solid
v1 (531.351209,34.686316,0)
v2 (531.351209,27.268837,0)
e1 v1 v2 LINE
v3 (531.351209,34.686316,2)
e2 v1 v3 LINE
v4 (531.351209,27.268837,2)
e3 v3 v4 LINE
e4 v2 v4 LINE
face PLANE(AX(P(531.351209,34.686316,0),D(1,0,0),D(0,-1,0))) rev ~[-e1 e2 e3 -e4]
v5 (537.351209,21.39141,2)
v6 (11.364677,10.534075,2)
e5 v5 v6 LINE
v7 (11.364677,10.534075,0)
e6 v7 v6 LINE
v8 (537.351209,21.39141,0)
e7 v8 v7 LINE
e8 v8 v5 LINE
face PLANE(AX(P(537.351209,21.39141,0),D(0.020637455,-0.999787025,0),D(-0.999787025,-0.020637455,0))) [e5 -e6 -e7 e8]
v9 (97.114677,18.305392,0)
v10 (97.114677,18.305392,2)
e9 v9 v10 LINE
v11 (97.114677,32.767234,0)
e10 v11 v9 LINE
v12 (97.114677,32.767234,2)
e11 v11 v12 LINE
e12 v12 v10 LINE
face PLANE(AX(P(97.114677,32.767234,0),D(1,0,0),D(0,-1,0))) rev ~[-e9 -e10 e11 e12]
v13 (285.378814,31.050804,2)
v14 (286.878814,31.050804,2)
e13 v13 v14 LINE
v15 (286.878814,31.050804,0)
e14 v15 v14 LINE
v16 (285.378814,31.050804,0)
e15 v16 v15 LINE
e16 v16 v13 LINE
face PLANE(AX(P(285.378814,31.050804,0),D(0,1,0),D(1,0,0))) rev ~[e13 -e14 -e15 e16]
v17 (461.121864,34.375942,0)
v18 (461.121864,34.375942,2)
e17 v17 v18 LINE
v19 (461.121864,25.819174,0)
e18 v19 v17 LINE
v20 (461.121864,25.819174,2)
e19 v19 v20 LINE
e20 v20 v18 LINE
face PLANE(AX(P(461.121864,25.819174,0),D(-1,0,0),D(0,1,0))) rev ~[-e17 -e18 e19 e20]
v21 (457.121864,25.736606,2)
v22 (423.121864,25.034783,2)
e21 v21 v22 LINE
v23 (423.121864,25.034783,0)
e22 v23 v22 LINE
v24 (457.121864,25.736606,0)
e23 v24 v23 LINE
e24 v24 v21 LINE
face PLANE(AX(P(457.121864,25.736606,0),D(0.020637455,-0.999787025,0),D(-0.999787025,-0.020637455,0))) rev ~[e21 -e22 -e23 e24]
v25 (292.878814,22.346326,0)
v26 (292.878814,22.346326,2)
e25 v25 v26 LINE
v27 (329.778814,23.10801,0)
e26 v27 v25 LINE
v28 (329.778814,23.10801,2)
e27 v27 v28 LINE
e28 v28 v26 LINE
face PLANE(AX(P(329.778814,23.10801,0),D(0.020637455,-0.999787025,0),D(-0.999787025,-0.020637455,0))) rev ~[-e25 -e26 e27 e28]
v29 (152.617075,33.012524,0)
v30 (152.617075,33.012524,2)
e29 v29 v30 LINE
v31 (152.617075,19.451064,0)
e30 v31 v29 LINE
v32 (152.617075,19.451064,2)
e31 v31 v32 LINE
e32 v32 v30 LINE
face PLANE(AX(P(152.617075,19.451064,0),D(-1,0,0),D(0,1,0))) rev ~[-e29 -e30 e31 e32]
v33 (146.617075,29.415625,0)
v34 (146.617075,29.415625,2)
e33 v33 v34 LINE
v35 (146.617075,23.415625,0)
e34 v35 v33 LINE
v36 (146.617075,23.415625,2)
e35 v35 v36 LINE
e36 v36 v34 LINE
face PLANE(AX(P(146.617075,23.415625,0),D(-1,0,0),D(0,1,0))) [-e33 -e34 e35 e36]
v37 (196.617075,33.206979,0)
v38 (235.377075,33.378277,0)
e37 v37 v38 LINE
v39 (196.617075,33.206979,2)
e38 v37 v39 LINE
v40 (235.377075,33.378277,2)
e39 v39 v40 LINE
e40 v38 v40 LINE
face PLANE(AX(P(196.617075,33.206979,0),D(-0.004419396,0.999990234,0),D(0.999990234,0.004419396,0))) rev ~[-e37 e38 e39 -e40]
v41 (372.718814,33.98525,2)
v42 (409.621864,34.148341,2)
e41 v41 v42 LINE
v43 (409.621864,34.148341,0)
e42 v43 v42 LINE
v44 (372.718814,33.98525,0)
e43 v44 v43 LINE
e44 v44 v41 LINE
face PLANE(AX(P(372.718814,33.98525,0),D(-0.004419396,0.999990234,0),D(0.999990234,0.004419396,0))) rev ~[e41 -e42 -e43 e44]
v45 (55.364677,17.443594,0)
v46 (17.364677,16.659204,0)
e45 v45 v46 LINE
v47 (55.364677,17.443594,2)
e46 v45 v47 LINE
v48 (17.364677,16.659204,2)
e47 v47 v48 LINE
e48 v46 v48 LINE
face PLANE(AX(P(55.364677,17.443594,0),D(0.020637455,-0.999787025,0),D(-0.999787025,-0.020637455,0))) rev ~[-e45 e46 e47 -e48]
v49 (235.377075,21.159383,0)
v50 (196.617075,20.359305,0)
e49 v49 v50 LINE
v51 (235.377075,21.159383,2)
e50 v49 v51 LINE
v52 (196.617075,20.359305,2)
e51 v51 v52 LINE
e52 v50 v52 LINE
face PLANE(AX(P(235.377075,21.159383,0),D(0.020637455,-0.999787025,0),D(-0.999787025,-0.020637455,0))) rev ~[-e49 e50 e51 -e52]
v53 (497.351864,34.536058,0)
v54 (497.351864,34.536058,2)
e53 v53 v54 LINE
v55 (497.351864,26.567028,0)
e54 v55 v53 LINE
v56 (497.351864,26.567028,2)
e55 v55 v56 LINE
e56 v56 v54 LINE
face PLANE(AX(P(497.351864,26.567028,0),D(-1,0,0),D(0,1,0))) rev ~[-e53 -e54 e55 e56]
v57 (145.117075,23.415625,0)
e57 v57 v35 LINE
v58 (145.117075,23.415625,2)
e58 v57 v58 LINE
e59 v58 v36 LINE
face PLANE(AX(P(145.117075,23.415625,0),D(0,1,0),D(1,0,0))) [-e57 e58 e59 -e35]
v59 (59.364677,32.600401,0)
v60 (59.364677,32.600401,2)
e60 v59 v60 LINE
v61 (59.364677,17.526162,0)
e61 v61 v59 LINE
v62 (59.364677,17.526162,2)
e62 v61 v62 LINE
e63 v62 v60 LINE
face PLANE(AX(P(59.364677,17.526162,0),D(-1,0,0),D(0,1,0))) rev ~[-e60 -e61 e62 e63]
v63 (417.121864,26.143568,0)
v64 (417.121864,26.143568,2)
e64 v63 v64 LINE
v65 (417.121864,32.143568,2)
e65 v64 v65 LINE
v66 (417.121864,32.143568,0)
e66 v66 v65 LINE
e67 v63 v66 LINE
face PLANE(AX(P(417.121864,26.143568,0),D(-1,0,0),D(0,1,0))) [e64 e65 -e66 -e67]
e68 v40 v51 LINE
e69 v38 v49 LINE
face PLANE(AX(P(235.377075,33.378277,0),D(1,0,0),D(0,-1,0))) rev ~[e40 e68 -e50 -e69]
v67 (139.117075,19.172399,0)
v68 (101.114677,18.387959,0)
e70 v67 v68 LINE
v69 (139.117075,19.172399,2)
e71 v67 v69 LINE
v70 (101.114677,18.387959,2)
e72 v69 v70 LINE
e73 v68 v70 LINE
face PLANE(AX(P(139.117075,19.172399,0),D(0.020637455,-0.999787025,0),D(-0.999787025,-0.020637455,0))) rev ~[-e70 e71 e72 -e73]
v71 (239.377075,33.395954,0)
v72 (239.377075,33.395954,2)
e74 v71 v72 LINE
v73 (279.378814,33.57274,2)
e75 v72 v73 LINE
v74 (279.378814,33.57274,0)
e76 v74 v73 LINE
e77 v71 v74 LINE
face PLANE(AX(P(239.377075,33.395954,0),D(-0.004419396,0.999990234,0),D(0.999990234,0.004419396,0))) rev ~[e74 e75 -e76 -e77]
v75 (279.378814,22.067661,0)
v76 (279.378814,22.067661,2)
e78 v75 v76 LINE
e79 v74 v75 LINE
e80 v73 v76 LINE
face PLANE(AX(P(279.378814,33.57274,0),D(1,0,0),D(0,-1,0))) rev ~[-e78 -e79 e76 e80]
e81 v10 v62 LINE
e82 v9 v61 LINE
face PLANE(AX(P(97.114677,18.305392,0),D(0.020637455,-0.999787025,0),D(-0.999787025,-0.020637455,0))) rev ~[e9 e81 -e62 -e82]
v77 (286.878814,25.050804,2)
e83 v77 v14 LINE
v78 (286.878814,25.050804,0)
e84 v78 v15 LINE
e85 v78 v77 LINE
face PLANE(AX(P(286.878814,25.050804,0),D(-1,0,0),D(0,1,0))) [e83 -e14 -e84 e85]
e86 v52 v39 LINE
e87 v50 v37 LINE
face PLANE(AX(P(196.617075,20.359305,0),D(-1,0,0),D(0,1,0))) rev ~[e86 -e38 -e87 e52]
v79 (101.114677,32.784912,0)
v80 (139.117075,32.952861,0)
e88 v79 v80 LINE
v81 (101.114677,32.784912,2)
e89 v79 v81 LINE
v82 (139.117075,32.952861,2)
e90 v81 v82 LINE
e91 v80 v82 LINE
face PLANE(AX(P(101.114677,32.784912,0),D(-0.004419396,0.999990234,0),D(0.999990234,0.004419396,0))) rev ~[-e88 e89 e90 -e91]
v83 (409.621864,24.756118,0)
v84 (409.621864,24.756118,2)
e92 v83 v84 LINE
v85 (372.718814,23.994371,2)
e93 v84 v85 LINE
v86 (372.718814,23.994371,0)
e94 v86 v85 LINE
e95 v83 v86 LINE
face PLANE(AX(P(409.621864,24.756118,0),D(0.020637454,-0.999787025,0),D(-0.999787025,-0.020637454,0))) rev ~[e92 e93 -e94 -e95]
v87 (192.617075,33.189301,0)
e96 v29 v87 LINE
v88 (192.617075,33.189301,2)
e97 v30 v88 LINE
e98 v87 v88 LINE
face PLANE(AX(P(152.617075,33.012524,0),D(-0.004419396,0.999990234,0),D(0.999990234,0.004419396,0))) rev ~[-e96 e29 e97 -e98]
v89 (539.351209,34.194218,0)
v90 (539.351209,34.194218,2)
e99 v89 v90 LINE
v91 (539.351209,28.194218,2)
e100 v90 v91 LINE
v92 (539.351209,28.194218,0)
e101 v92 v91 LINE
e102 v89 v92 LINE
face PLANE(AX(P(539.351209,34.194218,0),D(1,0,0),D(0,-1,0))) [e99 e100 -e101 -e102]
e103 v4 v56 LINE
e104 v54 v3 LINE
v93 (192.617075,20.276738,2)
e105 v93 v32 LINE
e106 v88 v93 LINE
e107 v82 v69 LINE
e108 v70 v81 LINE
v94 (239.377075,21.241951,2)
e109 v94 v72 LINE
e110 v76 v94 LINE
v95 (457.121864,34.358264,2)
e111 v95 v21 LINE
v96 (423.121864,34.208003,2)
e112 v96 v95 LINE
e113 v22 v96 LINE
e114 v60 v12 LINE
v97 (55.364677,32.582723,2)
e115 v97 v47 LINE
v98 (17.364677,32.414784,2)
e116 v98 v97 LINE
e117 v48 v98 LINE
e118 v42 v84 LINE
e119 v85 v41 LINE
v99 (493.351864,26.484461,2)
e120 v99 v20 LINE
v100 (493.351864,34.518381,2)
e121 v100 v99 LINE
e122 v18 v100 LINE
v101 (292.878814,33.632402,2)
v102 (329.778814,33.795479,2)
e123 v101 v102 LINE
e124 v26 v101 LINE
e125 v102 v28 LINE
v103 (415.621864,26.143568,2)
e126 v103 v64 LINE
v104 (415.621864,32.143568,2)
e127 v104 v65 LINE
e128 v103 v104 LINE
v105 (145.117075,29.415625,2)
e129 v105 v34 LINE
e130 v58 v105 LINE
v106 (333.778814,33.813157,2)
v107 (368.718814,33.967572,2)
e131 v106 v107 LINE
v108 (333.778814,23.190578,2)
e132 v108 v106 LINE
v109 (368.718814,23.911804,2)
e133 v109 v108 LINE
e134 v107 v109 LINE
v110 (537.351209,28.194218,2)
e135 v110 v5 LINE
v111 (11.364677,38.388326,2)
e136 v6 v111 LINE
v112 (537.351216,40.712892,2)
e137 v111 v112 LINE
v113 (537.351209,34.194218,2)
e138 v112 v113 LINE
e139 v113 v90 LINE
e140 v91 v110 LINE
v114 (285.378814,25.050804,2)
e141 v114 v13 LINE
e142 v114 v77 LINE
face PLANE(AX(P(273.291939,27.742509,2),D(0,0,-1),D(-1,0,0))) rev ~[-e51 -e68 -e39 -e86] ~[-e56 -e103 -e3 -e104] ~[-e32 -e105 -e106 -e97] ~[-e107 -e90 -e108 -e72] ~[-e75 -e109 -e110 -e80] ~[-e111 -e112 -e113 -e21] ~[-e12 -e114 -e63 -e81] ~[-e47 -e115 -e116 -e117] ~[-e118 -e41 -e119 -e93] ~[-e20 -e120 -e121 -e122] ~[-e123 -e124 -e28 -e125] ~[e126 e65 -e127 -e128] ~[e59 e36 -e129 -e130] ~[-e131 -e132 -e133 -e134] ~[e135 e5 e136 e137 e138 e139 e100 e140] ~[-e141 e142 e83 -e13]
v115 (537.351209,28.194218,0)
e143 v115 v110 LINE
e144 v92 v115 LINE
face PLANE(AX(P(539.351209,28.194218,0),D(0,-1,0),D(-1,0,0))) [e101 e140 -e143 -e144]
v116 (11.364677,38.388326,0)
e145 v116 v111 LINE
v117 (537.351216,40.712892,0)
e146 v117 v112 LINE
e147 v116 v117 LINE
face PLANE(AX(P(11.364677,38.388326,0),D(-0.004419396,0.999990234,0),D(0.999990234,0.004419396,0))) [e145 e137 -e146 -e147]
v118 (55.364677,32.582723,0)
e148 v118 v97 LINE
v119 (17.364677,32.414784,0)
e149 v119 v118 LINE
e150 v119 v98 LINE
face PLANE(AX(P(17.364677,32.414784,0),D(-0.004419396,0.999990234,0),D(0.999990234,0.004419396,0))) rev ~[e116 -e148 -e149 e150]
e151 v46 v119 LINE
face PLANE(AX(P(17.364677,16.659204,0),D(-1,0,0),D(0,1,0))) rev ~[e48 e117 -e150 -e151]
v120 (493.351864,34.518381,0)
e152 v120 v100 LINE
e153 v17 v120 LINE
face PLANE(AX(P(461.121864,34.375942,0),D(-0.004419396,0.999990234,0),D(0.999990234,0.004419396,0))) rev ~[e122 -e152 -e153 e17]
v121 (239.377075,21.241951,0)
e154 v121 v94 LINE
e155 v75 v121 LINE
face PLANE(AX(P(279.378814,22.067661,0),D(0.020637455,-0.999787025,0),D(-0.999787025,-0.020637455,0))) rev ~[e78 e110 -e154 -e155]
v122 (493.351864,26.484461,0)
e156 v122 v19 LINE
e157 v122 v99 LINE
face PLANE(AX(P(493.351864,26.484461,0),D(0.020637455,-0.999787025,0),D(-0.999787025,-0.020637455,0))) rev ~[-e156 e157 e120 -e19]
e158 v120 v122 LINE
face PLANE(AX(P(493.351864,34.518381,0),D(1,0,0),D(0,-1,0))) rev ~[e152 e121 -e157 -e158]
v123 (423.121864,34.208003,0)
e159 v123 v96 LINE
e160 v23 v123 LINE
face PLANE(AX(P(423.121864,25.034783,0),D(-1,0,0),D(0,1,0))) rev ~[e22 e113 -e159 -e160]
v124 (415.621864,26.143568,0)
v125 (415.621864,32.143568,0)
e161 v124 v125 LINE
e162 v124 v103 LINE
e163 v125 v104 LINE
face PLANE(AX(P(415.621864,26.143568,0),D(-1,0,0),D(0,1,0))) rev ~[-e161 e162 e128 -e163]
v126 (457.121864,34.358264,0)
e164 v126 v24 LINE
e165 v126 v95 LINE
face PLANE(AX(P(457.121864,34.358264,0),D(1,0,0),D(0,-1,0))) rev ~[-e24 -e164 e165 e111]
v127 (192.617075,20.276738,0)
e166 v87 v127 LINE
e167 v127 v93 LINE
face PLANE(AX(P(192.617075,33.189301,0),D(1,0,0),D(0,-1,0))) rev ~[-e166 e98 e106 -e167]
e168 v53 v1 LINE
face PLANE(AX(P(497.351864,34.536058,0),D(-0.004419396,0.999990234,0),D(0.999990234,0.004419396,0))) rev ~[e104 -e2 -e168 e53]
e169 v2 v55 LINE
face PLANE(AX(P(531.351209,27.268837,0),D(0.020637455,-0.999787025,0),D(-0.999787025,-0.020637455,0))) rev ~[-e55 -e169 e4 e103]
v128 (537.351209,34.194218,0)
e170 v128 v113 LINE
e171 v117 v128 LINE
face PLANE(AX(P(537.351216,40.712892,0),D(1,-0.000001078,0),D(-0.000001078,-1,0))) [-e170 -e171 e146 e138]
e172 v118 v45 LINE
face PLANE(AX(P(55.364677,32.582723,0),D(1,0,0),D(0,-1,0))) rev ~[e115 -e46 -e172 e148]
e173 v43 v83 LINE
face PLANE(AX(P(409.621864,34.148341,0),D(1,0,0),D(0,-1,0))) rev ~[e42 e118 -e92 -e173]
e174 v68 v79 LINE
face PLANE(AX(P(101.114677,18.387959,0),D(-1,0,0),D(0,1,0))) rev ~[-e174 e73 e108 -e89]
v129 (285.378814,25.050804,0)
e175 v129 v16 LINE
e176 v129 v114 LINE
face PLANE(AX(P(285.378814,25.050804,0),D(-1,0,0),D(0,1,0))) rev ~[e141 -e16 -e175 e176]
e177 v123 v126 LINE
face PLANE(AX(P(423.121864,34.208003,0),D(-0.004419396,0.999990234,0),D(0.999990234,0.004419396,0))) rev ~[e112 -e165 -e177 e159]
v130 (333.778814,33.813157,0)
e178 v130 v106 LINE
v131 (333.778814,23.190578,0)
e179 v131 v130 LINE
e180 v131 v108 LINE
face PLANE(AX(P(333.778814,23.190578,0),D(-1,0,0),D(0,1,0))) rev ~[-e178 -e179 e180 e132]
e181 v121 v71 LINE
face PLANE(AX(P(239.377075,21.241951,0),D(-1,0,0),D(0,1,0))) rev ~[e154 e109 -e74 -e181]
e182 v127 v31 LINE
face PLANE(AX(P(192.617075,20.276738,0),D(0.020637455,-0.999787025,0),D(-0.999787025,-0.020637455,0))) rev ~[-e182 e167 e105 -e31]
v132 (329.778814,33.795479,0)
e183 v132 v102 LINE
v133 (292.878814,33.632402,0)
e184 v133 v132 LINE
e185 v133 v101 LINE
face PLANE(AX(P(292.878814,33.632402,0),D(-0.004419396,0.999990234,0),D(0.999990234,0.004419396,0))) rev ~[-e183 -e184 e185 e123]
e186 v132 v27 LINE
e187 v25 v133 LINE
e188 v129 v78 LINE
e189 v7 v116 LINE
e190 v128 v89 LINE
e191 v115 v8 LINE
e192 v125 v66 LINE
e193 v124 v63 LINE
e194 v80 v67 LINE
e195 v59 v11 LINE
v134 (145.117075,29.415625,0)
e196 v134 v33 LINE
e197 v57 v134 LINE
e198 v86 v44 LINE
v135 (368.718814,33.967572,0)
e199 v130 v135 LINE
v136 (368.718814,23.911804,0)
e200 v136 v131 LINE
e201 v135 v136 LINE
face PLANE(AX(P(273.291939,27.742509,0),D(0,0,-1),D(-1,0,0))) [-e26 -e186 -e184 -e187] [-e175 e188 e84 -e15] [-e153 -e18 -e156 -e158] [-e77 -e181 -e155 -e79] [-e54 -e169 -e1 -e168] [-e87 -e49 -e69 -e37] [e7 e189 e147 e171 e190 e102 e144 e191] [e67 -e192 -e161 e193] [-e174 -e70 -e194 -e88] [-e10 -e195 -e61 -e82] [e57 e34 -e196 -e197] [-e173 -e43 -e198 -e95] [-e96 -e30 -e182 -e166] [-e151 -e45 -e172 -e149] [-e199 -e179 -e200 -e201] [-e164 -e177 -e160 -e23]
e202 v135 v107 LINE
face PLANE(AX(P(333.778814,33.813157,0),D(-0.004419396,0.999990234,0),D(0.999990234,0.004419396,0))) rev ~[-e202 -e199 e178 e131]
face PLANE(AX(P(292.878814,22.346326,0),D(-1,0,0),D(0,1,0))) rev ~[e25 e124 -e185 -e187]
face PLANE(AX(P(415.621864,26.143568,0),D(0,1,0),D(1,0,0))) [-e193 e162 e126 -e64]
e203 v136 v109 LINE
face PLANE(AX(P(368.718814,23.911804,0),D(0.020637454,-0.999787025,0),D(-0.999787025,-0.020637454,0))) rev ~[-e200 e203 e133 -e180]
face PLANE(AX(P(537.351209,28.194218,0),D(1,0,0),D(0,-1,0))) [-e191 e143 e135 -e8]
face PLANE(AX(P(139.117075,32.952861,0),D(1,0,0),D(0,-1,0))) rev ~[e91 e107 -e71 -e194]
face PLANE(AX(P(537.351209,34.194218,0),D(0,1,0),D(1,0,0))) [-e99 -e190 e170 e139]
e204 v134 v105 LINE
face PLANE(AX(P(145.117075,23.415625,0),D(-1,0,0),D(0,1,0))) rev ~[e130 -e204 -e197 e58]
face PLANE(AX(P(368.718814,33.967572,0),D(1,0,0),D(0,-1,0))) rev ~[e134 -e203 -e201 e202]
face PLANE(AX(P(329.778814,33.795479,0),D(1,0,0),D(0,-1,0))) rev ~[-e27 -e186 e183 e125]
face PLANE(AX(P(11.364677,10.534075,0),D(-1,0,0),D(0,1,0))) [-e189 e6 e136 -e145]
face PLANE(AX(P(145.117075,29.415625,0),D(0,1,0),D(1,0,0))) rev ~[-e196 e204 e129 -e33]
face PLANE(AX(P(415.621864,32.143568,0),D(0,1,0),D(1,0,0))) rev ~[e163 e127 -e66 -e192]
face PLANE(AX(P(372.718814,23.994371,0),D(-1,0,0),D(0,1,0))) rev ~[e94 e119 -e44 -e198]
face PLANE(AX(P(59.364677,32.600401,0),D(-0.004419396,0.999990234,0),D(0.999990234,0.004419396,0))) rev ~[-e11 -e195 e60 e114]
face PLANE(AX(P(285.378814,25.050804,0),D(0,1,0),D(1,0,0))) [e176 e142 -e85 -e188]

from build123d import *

# Parameters (mm, degrees)
SKETCH_1_W      = 1.499999968
SKETCH_1_H      = 6.000000011
SKETCH_1_H_2    = 6.00000001
SKETCH_1_W_2    = 1.5
SKETCH_1_H_3    = 6
EXTRUDE_1_DEPTH = 2


with BuildPart() as part:
    # 草图1 → 凸台-拉伸1 (new body)
    with BuildSketch(Plane.XY):
        Polygon((537.351209242, 34.194218327), (539.351209242, 34.194218327), (539.351209242, 28.194218337), (537.351209274, 28.194218337), (537.351209274, 21.391410378), (11.364676515, 10.534074896), (11.364676515, 38.388326082), (537.351216266, 40.712891717), align=None)
        with Locations((416.371863849, 29.143567663)):
            Rectangle(SKETCH_1_W, SKETCH_1_H, mode=Mode.SUBTRACT)
        with Locations((286.128813818, 28.050804453)):
            Rectangle(SKETCH_1_W, SKETCH_1_H_2, mode=Mode.SUBTRACT)
        with Locations((145.867074626, 26.415625273)):
            Rectangle(SKETCH_1_W_2, SKETCH_1_H_3, mode=Mode.SUBTRACT)
        Polygon((531.351209242, 34.686316456), (531.351209242, 27.268837395), (497.351863833, 26.567027983), (497.351863833, 34.536058409), align=None, mode=Mode.SUBTRACT)
        Polygon((493.351863833, 26.48446058), (461.121863833, 25.819173732), (461.121863833, 34.37594212), (493.351863833, 34.518380652), align=None, mode=Mode.SUBTRACT)
        Polygon((457.121863833, 25.736606329), (423.121863833, 25.034783405), (423.121863833, 34.208003423), (457.121863833, 34.358264363), align=None, mode=Mode.SUBTRACT)
        Polygon((409.621863833, 34.148340991), (409.621863833, 24.75611842), (372.718813802, 23.994371171), (372.718813802, 33.985250198), align=None, mode=Mode.SUBTRACT)
        Polygon((368.718813802, 23.911803768), (333.778813802, 23.190577505), (333.778813802, 33.813157228), (368.718813802, 33.967572441), align=None, mode=Mode.SUBTRACT)
        Polygon((329.778813802, 23.108010102), (292.878813802, 22.346325811), (292.878813802, 33.632402157), (329.778813802, 33.79547947), align=None, mode=Mode.SUBTRACT)
        Polygon((279.378813802, 33.572739725), (279.378813802, 22.067660826), (239.377074626, 21.241950898), (239.377074626, 33.395954463), align=None, mode=Mode.SUBTRACT)
        Polygon((235.377074626, 21.159383496), (196.617074626, 20.359305362), (196.617074626, 33.206979234), (235.377074626, 33.378276705), align=None, mode=Mode.SUBTRACT)
        Polygon((192.617074626, 20.276737959), (152.617074626, 19.451063931), (152.617074626, 33.012523901), (192.617074626, 33.189301477), align=None, mode=Mode.SUBTRACT)
        Polygon((139.117074626, 32.952861469), (139.117074626, 19.172398947), (101.114676515, 18.387959118), (101.114676515, 32.784912174), align=None, mode=Mode.SUBTRACT)
        Polygon((97.114676515, 18.305391716), (59.364676515, 17.526161852), (59.364676515, 32.600400579), (97.114676515, 32.767234416), align=None, mode=Mode.SUBTRACT)
        Polygon((55.364676515, 17.443594449), (17.364676515, 16.659204122), (17.364676515, 32.414784125), (55.364676515, 32.582722822), align=None, mode=Mode.SUBTRACT)
    extrude(amount=EXTRUDE_1_DEPTH)


solid = part.part
